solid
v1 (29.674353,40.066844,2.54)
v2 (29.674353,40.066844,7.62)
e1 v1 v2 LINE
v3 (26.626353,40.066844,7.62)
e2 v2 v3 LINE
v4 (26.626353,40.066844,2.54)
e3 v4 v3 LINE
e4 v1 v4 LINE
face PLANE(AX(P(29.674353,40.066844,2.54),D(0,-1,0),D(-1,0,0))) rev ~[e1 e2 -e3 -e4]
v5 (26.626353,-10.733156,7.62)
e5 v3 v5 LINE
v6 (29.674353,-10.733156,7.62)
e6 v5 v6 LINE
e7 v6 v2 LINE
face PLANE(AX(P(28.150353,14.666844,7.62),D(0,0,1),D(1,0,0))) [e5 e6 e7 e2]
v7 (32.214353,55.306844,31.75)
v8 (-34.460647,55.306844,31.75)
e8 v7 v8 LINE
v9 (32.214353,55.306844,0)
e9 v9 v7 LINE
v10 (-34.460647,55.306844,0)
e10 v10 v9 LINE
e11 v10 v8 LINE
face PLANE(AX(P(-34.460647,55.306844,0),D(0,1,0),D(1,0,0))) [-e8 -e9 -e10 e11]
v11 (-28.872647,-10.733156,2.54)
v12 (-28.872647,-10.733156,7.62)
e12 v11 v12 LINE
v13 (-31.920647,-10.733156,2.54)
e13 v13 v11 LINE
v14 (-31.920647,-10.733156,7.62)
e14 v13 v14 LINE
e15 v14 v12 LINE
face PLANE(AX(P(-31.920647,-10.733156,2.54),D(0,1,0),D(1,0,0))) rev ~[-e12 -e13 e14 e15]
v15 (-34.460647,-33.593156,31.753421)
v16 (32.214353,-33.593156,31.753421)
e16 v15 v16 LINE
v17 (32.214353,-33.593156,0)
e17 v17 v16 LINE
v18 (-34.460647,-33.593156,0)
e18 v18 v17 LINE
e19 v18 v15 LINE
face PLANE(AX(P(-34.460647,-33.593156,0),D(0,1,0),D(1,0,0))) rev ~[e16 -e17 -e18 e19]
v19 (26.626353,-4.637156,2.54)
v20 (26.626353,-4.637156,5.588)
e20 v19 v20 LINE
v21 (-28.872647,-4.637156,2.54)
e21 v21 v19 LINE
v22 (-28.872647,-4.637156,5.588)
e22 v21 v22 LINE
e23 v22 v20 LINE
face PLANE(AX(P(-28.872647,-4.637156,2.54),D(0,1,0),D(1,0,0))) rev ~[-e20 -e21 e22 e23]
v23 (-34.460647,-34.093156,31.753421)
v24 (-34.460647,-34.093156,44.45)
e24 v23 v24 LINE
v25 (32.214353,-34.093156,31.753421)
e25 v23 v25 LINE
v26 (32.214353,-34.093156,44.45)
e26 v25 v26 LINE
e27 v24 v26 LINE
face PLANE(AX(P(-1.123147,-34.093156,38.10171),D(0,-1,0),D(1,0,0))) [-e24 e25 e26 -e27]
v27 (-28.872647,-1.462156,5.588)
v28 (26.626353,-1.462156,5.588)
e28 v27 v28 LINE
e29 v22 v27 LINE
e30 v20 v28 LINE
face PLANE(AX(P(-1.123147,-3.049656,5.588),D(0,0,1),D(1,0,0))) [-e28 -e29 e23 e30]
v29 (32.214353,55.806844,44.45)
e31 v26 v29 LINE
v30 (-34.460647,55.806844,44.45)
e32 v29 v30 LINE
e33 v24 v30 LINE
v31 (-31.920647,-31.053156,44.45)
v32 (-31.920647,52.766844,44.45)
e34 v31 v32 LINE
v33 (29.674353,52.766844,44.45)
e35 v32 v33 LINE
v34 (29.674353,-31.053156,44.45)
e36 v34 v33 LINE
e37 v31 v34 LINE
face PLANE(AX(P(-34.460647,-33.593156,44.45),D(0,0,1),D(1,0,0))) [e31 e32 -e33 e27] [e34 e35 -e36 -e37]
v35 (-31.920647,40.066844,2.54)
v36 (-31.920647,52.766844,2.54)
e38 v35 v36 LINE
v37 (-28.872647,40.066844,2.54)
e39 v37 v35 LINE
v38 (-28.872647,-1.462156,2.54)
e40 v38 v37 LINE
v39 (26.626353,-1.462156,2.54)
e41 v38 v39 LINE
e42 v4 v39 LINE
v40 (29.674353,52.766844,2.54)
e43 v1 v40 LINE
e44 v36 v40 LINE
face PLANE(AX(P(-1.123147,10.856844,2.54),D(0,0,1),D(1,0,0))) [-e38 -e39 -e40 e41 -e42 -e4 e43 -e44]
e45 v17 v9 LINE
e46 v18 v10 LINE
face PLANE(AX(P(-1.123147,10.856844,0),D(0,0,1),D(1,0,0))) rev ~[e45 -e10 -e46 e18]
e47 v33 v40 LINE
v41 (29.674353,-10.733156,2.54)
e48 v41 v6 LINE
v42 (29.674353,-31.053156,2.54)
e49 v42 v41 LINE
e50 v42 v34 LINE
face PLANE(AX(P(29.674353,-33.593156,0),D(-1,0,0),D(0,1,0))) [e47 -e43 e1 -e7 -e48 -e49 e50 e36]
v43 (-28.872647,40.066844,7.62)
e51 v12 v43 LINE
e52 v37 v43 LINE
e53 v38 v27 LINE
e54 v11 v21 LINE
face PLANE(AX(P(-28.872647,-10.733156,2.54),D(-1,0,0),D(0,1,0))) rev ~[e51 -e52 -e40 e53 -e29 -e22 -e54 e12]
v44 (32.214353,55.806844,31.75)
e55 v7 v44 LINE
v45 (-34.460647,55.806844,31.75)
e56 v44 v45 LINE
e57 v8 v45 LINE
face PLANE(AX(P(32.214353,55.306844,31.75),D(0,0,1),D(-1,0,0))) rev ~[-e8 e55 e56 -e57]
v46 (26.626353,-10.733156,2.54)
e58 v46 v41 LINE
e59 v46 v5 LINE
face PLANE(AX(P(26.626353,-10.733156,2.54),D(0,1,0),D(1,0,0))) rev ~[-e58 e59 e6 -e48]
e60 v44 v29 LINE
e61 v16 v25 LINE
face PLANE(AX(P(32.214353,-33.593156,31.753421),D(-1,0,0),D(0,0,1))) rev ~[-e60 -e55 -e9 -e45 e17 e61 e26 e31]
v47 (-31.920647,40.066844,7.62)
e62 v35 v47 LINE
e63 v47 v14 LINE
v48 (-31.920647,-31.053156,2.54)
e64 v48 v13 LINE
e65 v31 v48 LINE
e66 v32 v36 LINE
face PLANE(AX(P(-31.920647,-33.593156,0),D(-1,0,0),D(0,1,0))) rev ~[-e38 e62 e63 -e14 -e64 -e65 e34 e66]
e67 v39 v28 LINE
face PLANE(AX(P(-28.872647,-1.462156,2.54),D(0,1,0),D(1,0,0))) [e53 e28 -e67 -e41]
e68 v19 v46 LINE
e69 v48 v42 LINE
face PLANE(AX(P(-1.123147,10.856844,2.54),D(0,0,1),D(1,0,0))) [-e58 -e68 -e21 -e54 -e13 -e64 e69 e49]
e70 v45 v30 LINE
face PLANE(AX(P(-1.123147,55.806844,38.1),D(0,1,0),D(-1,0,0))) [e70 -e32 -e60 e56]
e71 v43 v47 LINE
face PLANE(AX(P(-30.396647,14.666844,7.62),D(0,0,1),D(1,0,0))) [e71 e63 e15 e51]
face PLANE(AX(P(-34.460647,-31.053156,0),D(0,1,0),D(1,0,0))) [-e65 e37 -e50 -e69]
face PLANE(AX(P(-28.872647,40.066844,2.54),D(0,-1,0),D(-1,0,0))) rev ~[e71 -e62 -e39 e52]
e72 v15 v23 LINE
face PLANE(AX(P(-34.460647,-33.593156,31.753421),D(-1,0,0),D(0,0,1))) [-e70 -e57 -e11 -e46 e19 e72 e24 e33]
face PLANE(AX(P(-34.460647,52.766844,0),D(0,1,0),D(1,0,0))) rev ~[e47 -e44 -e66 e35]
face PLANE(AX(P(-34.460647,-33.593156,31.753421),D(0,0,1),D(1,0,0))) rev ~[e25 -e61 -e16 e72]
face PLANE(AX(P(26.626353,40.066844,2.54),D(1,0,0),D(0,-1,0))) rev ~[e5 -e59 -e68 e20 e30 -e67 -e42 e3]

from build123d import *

# Parameters (mm, degrees)
F0_W     = 66.675
F0_H     = 88.9
F1_DEPTH = 44.45
F2_T     = -2.54
F4_DEPTH = 5.08
F3_W     = 55.499
F3_H     = 3.175
F5_DEPTH = 3.048
F6_W     = 66.675
F6_H     = 12.7
F7_DEPTH = 0.5
F8_W     = 66.675
F8_H     = 12.6965791702
F9_DEPTH = 0.5


with BuildPart() as f1:
    # F0 (on Top) → F1 (new body)
    with BuildSketch(Plane.XY):
        with Locations((-1.1231470853, 10.8568438743)):
            Rectangle(F0_W, F0_H)
    extrude(amount=F1_DEPTH)

    # F2
    f2_openings = [f1.faces().sort_by_distance(p)[0] for p in [
        (-1.123147, 10.856844, 44.45),
    ]]
    offset(amount=F2_T, openings=f2_openings)

    # F3 (on face) → F4 (join)
    with BuildSketch(Plane.XY.offset(2.54)):
        Polygon((29.6743529147, 40.0668438743), (26.6263529147, 40.0668438743), (26.6263529147, -1.4621561257), (26.6263529147, -4.6371561257), (26.6263529147, -10.7331561257), (29.6743529147, -10.7331561257), align=None)
        Polygon((-28.8726470853, 40.0668438743), (-31.9206470853, 40.0668438743), (-31.9206470853, -10.7331561257), (-28.8726470853, -10.7331561257), (-28.8726470853, -4.6371561257), (-28.8726470853, -1.4621561257), align=None)
    extrude(amount=F4_DEPTH)

    # F3 (on face) → F5 (join)
    with BuildSketch(Plane.XY.offset(2.54)):
        with Locations((-1.1231470853, -3.0496561257)):
            Rectangle(F3_W, F3_H)
    extrude(amount=F5_DEPTH)

    # F6 (on face) → F7 (join)
    with BuildSketch(Plane(origin=(0, 55.3068438743, 0), x_dir=(-1, 0, 0), z_dir=(0, 1, 0))):
        with Locations((1.1231470853, 38.1)):
            Rectangle(F6_W, F6_H)
    extrude(amount=F7_DEPTH)

    # F8 (on face) → F9 (join)
    with BuildSketch(Plane.XZ.offset(33.5931561257)):
        with Locations((-1.1231470853, 38.1017104149)):
            Rectangle(F8_W, F8_H)
    extrude(amount=F9_DEPTH)


solid = f1.part
